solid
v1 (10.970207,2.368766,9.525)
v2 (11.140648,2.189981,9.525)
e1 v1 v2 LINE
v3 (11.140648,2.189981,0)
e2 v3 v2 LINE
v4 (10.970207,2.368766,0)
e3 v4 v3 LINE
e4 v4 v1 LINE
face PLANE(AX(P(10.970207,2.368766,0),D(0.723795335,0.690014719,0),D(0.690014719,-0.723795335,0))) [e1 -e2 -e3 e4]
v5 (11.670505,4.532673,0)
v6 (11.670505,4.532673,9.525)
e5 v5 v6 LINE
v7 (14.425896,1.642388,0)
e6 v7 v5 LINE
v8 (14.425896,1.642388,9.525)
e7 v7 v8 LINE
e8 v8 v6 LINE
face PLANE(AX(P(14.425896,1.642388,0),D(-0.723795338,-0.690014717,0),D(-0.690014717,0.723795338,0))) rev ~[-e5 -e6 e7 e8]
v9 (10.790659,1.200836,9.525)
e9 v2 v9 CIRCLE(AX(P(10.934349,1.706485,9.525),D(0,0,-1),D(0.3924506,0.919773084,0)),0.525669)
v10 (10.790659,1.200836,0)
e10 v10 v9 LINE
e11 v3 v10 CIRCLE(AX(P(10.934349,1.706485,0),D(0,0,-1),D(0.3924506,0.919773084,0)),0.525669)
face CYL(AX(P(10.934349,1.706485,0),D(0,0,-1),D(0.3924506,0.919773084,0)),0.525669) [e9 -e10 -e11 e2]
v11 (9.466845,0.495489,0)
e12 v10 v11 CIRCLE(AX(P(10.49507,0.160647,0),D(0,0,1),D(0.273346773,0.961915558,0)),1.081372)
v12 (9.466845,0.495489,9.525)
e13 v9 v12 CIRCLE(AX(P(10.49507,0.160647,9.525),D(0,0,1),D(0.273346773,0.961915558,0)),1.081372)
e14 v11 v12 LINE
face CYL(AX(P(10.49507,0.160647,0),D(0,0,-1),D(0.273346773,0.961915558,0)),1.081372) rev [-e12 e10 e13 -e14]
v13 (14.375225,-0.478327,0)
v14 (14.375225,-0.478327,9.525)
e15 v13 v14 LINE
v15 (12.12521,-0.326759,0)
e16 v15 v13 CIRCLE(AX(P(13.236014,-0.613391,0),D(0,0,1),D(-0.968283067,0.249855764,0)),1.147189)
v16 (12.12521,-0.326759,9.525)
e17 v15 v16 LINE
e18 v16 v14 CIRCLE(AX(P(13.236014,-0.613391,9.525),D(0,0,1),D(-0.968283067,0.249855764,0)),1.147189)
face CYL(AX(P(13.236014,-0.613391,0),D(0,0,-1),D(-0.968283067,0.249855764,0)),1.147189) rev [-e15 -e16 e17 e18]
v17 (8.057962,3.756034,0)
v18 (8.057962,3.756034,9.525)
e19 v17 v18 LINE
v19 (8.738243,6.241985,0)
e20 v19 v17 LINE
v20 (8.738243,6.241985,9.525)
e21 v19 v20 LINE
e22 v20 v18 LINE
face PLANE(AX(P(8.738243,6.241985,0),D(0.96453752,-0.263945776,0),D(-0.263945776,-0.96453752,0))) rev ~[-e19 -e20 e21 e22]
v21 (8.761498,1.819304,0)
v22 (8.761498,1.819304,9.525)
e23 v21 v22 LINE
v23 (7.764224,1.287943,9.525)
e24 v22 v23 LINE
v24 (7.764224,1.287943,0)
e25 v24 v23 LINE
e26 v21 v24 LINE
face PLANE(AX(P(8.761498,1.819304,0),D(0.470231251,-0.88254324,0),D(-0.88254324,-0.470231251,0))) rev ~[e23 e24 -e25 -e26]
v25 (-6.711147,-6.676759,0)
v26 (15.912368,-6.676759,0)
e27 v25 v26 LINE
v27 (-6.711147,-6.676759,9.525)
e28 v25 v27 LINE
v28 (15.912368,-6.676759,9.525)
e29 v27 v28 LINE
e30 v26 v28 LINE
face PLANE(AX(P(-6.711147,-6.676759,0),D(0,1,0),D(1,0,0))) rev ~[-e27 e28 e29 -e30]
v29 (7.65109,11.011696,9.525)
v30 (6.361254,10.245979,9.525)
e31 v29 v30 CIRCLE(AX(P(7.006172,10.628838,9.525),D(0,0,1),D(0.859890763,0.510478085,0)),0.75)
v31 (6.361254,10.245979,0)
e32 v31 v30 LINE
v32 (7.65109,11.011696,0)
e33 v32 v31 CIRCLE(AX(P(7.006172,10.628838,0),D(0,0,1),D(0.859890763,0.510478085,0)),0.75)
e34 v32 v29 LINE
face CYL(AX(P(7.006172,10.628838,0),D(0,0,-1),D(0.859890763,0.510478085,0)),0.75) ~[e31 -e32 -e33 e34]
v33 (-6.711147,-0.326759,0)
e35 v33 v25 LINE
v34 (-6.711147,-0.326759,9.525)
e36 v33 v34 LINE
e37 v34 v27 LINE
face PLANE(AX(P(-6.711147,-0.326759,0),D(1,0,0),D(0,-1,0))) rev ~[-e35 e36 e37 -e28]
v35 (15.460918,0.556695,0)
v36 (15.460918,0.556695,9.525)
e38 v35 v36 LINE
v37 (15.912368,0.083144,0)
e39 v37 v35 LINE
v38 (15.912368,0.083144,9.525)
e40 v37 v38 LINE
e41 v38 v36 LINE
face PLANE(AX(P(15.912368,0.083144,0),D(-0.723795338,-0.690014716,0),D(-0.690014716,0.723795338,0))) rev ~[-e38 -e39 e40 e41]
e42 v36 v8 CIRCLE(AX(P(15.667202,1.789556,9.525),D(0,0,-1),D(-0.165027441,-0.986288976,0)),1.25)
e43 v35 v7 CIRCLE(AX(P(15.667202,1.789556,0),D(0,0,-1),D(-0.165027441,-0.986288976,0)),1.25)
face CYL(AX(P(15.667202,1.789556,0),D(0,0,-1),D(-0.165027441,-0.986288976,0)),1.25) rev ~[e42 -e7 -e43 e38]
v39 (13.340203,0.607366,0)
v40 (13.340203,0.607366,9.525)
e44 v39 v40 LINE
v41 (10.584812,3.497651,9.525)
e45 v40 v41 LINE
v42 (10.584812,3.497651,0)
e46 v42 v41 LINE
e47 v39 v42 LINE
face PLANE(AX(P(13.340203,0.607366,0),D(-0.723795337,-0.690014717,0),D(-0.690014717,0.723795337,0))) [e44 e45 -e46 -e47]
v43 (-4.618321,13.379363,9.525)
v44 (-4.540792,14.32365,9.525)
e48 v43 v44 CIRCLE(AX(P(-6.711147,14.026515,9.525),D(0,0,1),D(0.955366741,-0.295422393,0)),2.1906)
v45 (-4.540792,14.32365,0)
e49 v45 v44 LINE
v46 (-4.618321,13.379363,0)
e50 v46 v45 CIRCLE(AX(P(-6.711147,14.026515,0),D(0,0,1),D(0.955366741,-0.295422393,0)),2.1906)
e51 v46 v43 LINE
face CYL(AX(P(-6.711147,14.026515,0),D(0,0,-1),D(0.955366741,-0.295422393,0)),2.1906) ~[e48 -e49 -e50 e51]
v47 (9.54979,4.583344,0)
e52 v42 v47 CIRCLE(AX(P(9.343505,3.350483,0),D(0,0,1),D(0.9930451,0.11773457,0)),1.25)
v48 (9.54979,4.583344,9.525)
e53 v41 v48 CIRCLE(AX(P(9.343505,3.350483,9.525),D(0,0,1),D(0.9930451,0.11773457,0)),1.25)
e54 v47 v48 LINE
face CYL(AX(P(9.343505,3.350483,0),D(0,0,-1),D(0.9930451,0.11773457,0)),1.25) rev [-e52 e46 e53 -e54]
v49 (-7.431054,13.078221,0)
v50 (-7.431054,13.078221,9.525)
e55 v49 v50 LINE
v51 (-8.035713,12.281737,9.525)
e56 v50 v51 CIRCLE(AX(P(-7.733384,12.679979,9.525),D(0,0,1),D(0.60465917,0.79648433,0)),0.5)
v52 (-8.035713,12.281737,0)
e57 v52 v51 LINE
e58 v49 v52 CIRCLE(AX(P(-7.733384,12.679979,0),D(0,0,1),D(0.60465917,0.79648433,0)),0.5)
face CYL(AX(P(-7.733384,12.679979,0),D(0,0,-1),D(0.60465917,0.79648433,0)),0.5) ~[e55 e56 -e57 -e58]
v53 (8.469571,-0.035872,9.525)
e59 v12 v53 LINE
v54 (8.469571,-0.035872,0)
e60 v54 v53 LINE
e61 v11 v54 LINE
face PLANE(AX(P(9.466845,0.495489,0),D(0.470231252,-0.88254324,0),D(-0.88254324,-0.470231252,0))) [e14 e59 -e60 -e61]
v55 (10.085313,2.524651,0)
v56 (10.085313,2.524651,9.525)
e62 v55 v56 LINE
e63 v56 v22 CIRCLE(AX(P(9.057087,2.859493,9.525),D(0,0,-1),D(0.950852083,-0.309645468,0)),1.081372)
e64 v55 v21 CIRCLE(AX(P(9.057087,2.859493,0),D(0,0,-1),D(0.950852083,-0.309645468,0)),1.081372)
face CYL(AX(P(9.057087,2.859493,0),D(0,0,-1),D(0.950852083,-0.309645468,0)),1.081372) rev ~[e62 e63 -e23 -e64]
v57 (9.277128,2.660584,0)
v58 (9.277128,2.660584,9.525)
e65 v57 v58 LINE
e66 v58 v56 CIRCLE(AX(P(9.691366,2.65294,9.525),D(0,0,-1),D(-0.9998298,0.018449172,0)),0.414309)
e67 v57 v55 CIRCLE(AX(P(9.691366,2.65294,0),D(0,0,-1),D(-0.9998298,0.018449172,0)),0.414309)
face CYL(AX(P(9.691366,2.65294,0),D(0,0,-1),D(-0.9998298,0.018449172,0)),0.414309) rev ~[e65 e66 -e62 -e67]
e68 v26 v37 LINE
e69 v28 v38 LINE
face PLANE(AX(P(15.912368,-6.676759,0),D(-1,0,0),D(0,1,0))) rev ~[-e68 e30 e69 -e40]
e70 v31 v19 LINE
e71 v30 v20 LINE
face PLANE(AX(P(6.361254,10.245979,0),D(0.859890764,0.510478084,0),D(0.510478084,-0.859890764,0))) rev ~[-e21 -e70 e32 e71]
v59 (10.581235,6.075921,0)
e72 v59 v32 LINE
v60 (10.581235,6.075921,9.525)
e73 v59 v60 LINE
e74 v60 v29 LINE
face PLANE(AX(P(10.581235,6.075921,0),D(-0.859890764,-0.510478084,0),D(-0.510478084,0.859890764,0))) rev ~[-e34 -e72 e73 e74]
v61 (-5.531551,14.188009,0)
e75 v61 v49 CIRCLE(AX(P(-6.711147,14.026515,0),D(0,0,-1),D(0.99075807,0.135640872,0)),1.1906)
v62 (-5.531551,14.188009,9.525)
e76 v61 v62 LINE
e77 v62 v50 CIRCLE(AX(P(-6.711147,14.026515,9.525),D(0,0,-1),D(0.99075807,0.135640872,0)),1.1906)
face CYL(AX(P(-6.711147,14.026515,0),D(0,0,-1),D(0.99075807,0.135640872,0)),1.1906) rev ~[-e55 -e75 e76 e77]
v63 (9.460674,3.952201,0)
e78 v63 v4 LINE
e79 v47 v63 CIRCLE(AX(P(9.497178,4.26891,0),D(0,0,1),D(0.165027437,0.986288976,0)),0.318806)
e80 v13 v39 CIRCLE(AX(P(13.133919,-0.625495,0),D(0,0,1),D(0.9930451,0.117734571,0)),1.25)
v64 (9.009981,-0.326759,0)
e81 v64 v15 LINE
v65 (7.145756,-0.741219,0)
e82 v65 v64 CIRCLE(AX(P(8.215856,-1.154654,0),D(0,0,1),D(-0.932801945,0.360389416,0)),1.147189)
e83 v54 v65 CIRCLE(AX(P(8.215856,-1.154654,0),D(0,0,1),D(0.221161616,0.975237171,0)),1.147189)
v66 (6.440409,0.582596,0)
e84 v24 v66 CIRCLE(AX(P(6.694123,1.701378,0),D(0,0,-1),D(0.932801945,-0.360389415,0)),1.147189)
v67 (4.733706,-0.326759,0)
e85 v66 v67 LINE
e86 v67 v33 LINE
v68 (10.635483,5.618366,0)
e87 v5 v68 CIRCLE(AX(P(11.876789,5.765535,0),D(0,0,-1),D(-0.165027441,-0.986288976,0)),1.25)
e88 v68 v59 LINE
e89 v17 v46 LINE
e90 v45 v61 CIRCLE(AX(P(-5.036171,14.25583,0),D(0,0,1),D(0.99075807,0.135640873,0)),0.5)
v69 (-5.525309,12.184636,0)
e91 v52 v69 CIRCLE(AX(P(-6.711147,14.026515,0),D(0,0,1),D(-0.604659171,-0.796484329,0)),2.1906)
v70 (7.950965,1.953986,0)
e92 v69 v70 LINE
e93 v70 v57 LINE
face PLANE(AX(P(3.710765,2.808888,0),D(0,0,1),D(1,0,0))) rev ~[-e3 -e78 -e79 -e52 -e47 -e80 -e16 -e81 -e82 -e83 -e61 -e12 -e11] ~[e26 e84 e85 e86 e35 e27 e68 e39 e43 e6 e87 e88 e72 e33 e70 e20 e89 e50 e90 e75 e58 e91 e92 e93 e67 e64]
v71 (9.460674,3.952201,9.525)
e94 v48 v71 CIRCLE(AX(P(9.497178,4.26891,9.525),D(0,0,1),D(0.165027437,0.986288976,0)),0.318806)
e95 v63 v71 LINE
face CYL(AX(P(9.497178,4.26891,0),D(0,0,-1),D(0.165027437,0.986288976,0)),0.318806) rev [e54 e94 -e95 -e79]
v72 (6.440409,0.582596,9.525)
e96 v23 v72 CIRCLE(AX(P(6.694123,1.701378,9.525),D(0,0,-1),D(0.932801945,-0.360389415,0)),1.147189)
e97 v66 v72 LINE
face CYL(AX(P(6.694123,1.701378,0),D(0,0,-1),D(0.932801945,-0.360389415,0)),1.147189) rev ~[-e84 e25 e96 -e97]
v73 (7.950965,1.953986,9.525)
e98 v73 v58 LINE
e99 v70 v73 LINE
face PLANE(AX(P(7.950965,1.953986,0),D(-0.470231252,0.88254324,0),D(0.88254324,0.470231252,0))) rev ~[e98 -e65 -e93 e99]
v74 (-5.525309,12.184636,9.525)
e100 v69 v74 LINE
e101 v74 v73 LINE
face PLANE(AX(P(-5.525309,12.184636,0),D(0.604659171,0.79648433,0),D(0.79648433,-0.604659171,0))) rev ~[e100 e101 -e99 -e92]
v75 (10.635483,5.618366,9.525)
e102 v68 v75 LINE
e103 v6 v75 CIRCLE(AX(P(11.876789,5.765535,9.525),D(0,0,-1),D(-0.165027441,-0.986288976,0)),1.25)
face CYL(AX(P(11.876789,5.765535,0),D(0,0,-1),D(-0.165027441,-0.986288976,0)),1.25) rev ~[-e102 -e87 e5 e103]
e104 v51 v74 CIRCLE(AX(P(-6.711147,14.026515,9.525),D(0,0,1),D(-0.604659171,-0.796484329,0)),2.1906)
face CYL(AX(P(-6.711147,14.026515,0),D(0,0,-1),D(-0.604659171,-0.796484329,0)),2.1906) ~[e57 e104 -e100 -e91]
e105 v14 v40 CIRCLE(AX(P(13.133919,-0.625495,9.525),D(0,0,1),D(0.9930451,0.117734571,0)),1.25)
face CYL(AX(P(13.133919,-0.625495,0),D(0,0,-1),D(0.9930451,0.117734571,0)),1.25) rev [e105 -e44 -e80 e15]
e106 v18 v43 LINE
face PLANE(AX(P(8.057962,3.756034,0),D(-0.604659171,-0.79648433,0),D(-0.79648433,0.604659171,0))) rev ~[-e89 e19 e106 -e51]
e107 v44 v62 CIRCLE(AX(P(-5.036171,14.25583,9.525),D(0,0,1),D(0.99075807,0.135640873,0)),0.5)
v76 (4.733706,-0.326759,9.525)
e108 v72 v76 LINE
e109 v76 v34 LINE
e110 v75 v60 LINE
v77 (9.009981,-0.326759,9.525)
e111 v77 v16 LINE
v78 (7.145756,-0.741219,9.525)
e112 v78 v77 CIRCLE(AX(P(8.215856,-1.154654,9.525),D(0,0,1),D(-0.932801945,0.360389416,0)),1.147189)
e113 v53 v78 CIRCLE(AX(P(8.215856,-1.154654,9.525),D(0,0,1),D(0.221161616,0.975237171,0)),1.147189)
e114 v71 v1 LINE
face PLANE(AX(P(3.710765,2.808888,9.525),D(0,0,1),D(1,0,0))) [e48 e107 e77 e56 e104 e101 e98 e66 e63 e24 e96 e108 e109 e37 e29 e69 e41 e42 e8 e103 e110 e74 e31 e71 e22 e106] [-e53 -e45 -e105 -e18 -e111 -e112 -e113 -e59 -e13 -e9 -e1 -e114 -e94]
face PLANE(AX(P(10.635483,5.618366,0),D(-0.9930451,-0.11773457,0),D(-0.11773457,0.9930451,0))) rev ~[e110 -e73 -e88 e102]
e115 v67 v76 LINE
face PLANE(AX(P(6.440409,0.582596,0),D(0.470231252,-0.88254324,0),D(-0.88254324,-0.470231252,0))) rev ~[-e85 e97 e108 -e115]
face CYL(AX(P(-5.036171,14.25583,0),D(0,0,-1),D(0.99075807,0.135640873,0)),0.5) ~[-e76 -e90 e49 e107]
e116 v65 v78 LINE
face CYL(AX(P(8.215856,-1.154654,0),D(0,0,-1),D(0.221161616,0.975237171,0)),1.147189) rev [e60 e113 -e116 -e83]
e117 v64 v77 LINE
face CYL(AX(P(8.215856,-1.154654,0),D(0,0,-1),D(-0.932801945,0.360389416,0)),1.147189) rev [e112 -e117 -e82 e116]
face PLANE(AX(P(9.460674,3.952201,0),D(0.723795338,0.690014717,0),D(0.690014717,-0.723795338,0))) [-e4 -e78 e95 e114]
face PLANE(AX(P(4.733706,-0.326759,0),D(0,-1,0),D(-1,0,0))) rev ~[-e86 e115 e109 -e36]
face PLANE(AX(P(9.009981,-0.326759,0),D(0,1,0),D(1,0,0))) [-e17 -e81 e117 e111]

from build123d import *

# Parameters (mm, degrees)
BOSS_CONFIGDOWN_DEPTH = 9.525


with BuildPart() as part:
    # Sketch-ConfigDown → Boss-ConfigDown (new body)
    with BuildSketch(Plane.XY):
        with BuildLine():
            Line((6.361253842, 10.24597905), (8.738243229, 6.241984987))
            Line((8.738243229, 6.241984987), (8.057962434, 3.756033667))
            Line((8.057962434, 3.756033667), (-4.618320702, 13.379362796))
            ThreePointArc((-4.618320702, 13.379362796), (-4.527893169, 13.847264701), (-4.540792454, 14.323649986))
            ThreePointArc((-4.540792454, 14.323649986), (-5.103991925, 14.751208585), (-5.531550525, 14.188009115))
            ThreePointArc((-5.531550525, 14.188009115), (-6.110534003, 12.998511063), (-7.431054292, 13.078220852))
            ThreePointArc((-7.431054292, 13.078220852), (-8.131626042, 12.982308272), (-8.035713463, 12.281736522))
            ThreePointArc((-8.035713463, 12.281736522), (-6.795814255, 11.837551908), (-5.525309458, 12.184636302))
            Line((-5.525309458, 12.184636302), (7.950964943, 1.953985676))
            Line((7.950964943, 1.953985676), (9.277127849, 2.660583625))
            ThreePointArc((9.277127849, 2.660583625), (9.760085504, 3.061509958), (10.085312529, 2.524651128))
            ThreePointArc((10.085312529, 2.524651128), (9.565582424, 1.905135286), (8.761497669, 1.81930425))
            Line((8.761497669, 1.81930425), (7.764223808, 1.287942936))
            ThreePointArc((7.764223808, 1.287942936), (7.233567574, 0.688933561), (6.440408949, 0.582596058))
            Line((6.440408949, 0.582596058), (4.733705966, -0.326758911))
            Line((4.733705966, -0.326758911), (-6.711147083, -0.326758911))
            Line((-6.711147083, -0.326758911), (-6.711147083, -6.676758911))
            Line((-6.711147083, -6.676758911), (4.733705966, -6.676758911))
            Line((4.733705966, -6.676758911), (15.912367826, -6.676758911))
            Line((15.912367826, -6.676758911), (15.912367826, 0.083144011))
            Line((15.912367826, 0.083144011), (15.460918062, 0.556695121))
            ThreePointArc((15.460918062, 0.556695121), (14.76245819, 0.927037945), (14.425895986, 1.642388127))
            Line((14.425895986, 1.642388127), (11.670504731, 4.532673357))
            ThreePointArc((11.670504731, 4.532673357), (10.972044859, 4.903016181), (10.635482655, 5.618366363))
            Line((10.635482655, 5.618366363), (10.581235342, 6.075921255))
            Line((10.581235342, 6.075921255), (7.651089987, 11.011696177))
            ThreePointArc((7.651089987, 11.011696177), (6.623313351, 11.273755686), (6.361253842, 10.24597905))
        make_face()
        with BuildLine():
            Line((9.466844547, 0.495489391), (8.469570686, -0.035871924))
            ThreePointArc((8.469570686, -0.035871924), (7.676412061, -0.142209427), (7.145755827, -0.741218802))
            ThreePointArc((7.145755827, -0.741218802), (8.464824154, -2.274501403), (9.009980984, -0.326758911))
            Line((9.009980984, -0.326758911), (12.125210012, -0.326758911))
            ThreePointArc((12.125210012, -0.326758911), (13.158910635, -1.75798627), (14.375225055, -0.478326954))
            ThreePointArc((14.375225055, -0.478326954), (14.038662852, 0.237023228), (13.34020298, 0.607366052))
            Line((13.34020298, 0.607366052), (10.584811724, 3.497651281))
            ThreePointArc((10.584811724, 3.497651281), (10.248249521, 4.213001464), (9.549789649, 4.583344288))
            ThreePointArc((9.549789649, 4.583344288), (9.181503481, 4.313482225), (9.460673669, 3.952200837))
            Line((9.460673669, 3.952200837), (10.970207057, 2.368766163))
            Line((10.970207057, 2.368766163), (11.140648168, 2.189980874))
            ThreePointArc((11.140648168, 2.189980874), (11.42991126, 1.531140478), (10.790659406, 1.200836268))
            ThreePointArc((10.790659406, 1.200836268), (9.986574651, 1.115005233), (9.466844547, 0.495489391))
        make_face(mode=Mode.SUBTRACT)
    extrude(amount=BOSS_CONFIGDOWN_DEPTH)


solid = part.part
